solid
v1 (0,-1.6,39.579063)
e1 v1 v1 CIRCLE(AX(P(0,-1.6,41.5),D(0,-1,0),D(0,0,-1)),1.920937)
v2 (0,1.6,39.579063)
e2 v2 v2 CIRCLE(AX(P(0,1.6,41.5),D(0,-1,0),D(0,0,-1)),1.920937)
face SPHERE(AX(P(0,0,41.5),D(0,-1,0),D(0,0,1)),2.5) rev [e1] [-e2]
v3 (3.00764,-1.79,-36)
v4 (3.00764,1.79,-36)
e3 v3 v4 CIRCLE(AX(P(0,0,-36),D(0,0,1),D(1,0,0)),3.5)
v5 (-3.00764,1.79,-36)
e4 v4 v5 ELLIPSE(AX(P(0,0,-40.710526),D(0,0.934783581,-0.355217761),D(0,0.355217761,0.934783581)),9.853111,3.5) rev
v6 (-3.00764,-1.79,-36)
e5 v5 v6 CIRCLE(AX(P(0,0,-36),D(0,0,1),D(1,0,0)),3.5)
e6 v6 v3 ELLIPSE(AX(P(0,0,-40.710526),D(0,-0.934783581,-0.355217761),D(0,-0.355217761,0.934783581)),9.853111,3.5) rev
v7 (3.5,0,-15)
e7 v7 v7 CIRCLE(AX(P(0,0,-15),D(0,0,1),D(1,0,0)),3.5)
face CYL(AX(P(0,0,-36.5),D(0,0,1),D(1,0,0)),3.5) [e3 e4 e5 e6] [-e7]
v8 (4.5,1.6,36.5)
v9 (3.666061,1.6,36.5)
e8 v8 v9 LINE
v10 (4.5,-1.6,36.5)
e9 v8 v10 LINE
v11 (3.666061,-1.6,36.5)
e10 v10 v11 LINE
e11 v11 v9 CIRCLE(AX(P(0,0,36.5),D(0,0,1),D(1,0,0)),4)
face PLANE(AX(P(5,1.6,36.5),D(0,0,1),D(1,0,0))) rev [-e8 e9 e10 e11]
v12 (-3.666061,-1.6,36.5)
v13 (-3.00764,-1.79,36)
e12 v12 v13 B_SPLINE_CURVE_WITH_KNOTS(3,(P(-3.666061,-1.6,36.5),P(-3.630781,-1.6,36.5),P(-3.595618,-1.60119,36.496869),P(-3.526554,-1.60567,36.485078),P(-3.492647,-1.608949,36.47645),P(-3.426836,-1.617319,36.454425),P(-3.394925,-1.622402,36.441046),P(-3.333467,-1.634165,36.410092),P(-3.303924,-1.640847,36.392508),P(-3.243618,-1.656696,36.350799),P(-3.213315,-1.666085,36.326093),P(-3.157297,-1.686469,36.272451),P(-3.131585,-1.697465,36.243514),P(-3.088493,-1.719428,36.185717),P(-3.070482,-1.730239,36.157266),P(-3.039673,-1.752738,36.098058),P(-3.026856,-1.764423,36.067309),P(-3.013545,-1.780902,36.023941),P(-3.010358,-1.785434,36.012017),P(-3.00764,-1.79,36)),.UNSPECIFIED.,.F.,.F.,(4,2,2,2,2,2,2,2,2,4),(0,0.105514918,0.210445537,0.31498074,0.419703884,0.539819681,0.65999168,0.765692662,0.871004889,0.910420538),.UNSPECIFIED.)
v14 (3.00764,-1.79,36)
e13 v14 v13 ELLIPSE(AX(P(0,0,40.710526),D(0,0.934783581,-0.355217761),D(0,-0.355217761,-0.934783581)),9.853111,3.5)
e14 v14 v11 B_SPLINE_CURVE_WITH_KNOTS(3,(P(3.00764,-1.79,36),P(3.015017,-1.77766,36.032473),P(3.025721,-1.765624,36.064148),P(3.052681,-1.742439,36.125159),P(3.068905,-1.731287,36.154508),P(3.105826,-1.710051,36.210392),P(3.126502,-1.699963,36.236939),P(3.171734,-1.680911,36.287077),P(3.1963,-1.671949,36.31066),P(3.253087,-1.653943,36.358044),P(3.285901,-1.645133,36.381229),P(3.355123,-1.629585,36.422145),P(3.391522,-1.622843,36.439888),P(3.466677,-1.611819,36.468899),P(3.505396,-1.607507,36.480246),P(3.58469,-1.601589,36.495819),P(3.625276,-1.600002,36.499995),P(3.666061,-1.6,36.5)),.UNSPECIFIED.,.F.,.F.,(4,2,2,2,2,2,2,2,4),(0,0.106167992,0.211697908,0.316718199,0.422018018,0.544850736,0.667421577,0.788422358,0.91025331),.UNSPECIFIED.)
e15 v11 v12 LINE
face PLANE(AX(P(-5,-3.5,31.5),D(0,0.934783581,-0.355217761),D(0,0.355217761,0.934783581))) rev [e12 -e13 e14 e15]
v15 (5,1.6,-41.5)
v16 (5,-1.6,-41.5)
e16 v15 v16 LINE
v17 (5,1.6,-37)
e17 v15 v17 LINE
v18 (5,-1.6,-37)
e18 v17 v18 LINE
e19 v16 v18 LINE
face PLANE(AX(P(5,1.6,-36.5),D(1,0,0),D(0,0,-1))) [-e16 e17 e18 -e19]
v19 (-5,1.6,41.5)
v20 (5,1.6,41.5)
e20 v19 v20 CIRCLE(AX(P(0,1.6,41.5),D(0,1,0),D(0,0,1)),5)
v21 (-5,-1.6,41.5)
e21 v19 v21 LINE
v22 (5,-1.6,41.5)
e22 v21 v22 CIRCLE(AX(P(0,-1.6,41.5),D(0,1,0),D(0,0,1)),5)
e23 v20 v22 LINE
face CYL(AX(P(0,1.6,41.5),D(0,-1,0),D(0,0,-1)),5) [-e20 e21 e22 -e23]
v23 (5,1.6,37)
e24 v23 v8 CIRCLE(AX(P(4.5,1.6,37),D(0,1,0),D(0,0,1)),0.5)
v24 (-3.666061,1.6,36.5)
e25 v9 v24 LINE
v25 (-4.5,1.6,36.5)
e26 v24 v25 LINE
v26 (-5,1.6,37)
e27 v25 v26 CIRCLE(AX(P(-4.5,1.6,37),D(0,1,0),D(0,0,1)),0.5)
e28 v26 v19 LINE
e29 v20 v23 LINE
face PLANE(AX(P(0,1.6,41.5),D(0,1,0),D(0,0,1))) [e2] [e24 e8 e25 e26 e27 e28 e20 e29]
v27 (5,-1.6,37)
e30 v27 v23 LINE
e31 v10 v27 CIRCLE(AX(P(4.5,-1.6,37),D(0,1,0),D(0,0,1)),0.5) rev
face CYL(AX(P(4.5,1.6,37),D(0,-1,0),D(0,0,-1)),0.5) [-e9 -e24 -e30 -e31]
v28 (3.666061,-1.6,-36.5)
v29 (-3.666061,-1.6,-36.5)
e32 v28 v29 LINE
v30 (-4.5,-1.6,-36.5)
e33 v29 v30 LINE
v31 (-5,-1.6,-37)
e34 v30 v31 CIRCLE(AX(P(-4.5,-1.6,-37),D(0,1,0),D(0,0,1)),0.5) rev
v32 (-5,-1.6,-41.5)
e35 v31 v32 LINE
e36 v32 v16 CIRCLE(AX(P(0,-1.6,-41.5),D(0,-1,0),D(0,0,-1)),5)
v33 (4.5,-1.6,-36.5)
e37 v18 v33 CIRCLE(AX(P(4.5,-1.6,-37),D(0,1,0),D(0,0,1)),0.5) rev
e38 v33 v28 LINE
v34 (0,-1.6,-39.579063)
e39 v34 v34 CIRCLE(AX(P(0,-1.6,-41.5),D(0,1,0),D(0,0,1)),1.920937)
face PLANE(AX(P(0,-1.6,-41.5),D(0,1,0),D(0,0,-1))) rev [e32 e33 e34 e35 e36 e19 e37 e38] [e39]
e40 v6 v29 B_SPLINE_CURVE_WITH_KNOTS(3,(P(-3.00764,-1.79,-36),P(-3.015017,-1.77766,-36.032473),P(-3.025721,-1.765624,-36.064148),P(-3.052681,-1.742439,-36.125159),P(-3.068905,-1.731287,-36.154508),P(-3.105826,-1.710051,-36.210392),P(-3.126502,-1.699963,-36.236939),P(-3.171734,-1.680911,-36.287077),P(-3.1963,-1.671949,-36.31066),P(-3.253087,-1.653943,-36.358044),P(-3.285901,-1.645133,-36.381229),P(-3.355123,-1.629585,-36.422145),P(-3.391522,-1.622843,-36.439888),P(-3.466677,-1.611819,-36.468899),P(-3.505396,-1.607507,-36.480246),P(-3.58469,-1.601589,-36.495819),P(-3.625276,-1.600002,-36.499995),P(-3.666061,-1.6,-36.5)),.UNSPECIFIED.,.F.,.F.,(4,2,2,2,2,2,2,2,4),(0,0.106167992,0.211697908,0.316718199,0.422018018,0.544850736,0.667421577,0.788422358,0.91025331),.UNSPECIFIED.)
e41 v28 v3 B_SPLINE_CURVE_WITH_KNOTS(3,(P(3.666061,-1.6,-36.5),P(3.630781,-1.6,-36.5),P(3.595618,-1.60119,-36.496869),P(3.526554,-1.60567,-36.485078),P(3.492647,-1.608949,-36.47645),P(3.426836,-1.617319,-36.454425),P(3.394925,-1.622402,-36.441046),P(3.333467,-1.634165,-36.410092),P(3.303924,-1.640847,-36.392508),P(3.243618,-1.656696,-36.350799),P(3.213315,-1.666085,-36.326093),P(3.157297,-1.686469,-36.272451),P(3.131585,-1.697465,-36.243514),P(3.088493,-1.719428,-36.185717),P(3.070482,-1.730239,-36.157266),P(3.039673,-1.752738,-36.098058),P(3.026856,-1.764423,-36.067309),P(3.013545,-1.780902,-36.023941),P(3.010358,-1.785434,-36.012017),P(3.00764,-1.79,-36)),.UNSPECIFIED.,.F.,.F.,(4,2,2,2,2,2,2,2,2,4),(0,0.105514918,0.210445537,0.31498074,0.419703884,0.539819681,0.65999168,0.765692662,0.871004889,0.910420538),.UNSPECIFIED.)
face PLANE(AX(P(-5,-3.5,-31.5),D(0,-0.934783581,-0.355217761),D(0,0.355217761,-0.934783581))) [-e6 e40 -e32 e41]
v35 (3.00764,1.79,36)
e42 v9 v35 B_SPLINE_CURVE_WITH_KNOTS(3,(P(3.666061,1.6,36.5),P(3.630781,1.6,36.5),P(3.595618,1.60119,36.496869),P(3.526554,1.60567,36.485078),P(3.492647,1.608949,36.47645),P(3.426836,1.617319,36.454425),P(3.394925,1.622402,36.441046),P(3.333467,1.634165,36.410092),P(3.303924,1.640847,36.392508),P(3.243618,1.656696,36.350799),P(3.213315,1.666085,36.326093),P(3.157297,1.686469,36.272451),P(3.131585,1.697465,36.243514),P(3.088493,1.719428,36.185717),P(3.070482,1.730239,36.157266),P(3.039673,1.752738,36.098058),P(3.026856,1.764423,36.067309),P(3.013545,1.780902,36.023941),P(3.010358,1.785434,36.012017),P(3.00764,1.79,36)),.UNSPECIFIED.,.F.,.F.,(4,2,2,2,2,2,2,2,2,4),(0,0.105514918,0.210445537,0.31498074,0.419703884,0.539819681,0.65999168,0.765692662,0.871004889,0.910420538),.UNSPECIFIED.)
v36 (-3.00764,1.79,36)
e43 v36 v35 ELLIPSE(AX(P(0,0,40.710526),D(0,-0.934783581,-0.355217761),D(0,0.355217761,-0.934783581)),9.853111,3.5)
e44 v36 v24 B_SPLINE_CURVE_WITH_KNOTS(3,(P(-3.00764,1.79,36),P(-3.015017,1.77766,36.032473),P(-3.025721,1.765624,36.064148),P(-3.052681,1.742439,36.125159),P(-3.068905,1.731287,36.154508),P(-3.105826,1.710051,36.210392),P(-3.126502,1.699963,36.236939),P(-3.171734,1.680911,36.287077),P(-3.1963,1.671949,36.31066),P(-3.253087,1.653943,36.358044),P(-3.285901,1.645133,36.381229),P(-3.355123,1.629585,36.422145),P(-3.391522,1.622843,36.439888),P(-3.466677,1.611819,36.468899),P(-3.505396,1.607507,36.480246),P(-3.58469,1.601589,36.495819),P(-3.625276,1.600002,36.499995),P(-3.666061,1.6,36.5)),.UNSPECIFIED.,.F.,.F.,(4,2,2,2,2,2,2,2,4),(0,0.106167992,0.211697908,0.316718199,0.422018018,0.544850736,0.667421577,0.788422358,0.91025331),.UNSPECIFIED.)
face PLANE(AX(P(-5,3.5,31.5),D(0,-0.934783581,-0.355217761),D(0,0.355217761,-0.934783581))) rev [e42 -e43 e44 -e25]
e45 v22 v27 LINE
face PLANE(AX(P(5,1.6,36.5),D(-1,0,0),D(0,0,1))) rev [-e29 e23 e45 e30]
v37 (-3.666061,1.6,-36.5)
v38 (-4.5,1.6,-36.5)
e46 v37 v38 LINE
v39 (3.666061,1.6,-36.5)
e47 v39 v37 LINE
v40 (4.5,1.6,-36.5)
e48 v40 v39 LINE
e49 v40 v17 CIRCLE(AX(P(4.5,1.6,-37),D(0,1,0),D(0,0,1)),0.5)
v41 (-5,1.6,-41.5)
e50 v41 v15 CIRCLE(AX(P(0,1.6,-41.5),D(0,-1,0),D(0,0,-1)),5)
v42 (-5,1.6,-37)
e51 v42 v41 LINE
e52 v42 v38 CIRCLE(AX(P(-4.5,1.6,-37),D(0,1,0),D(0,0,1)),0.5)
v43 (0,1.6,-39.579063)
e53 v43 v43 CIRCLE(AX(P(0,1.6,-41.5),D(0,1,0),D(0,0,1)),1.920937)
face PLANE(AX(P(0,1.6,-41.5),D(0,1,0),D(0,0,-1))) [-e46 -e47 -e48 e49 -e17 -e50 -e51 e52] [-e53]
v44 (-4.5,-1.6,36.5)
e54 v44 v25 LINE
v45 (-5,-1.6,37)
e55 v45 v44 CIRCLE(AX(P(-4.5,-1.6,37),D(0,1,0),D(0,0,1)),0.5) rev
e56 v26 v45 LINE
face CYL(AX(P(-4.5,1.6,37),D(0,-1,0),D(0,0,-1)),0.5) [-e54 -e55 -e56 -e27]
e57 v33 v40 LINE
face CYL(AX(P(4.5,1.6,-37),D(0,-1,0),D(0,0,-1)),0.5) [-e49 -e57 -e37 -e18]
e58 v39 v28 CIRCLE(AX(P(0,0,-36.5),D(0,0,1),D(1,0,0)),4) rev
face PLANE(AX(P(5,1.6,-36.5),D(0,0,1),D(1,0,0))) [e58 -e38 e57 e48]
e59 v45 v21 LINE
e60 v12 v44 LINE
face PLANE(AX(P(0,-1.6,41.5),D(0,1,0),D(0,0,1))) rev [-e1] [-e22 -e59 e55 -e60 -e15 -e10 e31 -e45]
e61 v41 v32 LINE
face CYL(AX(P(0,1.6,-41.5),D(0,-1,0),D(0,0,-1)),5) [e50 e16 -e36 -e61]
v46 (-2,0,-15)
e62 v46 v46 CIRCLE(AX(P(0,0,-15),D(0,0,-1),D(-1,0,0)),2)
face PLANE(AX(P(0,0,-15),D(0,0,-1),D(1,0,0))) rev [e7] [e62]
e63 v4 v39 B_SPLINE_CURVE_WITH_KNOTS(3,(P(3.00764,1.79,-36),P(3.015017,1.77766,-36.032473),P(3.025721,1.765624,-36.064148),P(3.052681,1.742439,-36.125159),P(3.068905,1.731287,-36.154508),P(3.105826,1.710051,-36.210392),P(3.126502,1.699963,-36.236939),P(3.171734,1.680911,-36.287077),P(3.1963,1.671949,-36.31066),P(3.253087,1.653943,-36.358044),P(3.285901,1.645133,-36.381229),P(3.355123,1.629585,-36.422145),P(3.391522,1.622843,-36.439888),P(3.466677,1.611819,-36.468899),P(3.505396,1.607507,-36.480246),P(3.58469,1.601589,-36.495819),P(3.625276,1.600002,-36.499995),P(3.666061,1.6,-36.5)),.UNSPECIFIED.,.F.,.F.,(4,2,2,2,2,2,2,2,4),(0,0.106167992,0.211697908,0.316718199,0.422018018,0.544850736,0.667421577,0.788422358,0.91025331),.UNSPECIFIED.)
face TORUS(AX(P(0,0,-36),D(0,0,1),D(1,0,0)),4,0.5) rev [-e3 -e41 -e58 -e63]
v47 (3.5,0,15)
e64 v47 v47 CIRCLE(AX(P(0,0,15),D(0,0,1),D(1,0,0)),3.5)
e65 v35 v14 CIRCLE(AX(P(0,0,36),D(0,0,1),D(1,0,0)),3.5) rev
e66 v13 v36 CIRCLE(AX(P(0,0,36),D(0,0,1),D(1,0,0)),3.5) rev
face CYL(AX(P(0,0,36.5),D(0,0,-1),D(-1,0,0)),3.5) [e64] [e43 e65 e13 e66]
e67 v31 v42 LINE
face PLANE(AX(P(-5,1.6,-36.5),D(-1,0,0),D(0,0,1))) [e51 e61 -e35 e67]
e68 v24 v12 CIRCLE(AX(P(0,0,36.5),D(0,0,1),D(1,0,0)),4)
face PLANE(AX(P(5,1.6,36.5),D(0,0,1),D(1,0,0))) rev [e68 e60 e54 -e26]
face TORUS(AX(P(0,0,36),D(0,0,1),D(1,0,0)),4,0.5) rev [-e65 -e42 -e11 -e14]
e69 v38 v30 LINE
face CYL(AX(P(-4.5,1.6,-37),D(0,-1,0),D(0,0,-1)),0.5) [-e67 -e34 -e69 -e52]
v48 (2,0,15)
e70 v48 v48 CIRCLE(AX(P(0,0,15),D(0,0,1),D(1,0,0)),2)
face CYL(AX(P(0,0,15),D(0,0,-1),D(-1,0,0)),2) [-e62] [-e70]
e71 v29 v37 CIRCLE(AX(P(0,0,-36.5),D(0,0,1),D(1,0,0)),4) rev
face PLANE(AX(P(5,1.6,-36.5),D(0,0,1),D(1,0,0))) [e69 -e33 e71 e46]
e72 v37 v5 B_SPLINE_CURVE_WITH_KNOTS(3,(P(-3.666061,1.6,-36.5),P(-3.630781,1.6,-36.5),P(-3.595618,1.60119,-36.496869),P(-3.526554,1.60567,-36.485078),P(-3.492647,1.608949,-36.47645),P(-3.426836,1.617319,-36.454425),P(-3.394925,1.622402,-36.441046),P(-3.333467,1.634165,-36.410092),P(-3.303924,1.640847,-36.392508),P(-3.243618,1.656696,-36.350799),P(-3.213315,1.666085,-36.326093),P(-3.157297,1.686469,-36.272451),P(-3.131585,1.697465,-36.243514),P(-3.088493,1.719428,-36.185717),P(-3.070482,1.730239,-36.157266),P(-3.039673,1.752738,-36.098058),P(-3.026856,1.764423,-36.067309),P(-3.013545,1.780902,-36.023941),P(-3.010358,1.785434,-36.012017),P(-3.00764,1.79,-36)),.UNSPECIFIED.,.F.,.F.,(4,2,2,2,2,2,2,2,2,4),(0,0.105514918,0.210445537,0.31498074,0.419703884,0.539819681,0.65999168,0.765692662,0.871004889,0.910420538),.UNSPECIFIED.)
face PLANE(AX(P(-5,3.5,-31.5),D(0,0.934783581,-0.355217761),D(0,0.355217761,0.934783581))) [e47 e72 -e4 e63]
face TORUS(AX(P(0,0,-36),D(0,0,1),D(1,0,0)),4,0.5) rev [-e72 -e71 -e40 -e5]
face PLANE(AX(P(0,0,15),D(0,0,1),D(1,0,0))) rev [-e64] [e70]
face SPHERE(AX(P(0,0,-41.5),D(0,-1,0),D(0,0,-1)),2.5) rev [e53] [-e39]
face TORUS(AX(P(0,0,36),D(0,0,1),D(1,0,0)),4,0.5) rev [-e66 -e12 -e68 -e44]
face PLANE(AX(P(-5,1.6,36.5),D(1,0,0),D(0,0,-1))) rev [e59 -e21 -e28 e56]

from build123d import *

# Parameters (mm, degrees)
SKETCH1_R                  = 2
SCREW_SECTION_DEPTH        = 15
SKETCH2_R                  = 3.5
BAR_SECTION_DEPTH          = 21.5
MOUNT_SECTION_DEPTH        = 1.6
BAR_TAPER_DEPTH            = 6
MOUNT_FILLET_R             = 0.5
MOUNT_FILLET_OF_MIRROR_2_R = 0.5


with BuildPart() as part:
    # Sketch1 → Screw Section (new body)
    with BuildSketch(Plane.XY):
        Circle(SKETCH1_R)
    screw_section = extrude(amount=SCREW_SECTION_DEPTH)

    # Sketch2 → Bar Section (add)
    with BuildSketch(Plane.XY.offset(15)):
        Circle(SKETCH2_R)
    bar_section = extrude(amount=BAR_SECTION_DEPTH)

    # Sketch3 → Mount Section (add, symmetric)
    with BuildSketch(Plane(origin=(0, 0, 0), x_dir=(1, 0, 0), z_dir=(0, 1, 0))):
        with BuildLine():
            Line((5, -36.5), (-5, -36.5))
            Line((-5, -36.5), (-5, -41.5))
            ThreePointArc((-5, -41.5), (0, -46.5), (5, -41.5))
            Line((5, -41.5), (5, -36.5))
        make_face()
    mount_section = extrude(amount=MOUNT_SECTION_DEPTH, both=True)

    # Sketch4 → Bar Taper (cut, symmetric)
    with BuildSketch(Plane(origin=(0, 0, 0), x_dir=(0, 0, -1), z_dir=(1, 0, 0))):
        Polygon((-31.5, -3.5), (-36.5, -1.6), (-36.5, -3.5), align=None)
        Polygon((-31.5, 3.5), (-36.5, 1.6), (-36.5, 3.5), align=None)
    bar_taper = extrude(amount=BAR_TAPER_DEPTH, both=True, mode=Mode.SUBTRACT)

    # Mount Fillet
    mount_fillet_edges = [part.edges().sort_by_distance(p)[0] for p in [
        (-5, 0, 36.5),
        (3.401842713, -0.823083322, 36.5),
        (-3.5, 0, 36.5),
        (5, 0, 36.5),
    ]]
    fillet(mount_fillet_edges, radius=MOUNT_FILLET_R)

    # Sketch6 → Ball Hole (revolve, cut)
    with BuildSketch(Plane(origin=(0, 0, 0), x_dir=(0, 0, -1), z_dir=(1, 0, 0))):
        with BuildLine():
            Line((-43.420937271, -1.6), (-41.5, -1.6))
            Line((-41.5, -1.6), (-41.5, 1.6))
            Line((-41.5, 1.6), (-43.420937271, 1.6))
            ThreePointArc((-43.420937271, 1.6), (-44, 0), (-43.420937271, -1.6))
        make_face()
    ball_hole = revolve(axis=Axis((0, -1.6, 41.5), (0, 1, 0)), mode=Mode.SUBTRACT)

    # Mirror 2: Screw Section, Bar Section, Mount Section, Bar Taper, Ball Hole across Front Plane
    add(screw_section.mirror(Plane.XY))
    add(bar_section.mirror(Plane.XY))
    add(mount_section.mirror(Plane.XY))
    add(bar_taper.mirror(Plane.XY), mode=Mode.SUBTRACT)
    add(ball_hole.mirror(Plane.XY), mode=Mode.SUBTRACT)

    # Mount Fillet of Mirror 2
    mount_fillet_of_mirror_2_edges = [part.edges().sort_by_distance(p)[0] for p in [
        (-5, 0, -36.5),
        (3.401842713, -0.823083322, -36.5),
        (-3.5, 0, -36.5),
        (5, 0, -36.5),
    ]]
    fillet(mount_fillet_of_mirror_2_edges, radius=MOUNT_FILLET_OF_MIRROR_2_R)


solid = part.part
